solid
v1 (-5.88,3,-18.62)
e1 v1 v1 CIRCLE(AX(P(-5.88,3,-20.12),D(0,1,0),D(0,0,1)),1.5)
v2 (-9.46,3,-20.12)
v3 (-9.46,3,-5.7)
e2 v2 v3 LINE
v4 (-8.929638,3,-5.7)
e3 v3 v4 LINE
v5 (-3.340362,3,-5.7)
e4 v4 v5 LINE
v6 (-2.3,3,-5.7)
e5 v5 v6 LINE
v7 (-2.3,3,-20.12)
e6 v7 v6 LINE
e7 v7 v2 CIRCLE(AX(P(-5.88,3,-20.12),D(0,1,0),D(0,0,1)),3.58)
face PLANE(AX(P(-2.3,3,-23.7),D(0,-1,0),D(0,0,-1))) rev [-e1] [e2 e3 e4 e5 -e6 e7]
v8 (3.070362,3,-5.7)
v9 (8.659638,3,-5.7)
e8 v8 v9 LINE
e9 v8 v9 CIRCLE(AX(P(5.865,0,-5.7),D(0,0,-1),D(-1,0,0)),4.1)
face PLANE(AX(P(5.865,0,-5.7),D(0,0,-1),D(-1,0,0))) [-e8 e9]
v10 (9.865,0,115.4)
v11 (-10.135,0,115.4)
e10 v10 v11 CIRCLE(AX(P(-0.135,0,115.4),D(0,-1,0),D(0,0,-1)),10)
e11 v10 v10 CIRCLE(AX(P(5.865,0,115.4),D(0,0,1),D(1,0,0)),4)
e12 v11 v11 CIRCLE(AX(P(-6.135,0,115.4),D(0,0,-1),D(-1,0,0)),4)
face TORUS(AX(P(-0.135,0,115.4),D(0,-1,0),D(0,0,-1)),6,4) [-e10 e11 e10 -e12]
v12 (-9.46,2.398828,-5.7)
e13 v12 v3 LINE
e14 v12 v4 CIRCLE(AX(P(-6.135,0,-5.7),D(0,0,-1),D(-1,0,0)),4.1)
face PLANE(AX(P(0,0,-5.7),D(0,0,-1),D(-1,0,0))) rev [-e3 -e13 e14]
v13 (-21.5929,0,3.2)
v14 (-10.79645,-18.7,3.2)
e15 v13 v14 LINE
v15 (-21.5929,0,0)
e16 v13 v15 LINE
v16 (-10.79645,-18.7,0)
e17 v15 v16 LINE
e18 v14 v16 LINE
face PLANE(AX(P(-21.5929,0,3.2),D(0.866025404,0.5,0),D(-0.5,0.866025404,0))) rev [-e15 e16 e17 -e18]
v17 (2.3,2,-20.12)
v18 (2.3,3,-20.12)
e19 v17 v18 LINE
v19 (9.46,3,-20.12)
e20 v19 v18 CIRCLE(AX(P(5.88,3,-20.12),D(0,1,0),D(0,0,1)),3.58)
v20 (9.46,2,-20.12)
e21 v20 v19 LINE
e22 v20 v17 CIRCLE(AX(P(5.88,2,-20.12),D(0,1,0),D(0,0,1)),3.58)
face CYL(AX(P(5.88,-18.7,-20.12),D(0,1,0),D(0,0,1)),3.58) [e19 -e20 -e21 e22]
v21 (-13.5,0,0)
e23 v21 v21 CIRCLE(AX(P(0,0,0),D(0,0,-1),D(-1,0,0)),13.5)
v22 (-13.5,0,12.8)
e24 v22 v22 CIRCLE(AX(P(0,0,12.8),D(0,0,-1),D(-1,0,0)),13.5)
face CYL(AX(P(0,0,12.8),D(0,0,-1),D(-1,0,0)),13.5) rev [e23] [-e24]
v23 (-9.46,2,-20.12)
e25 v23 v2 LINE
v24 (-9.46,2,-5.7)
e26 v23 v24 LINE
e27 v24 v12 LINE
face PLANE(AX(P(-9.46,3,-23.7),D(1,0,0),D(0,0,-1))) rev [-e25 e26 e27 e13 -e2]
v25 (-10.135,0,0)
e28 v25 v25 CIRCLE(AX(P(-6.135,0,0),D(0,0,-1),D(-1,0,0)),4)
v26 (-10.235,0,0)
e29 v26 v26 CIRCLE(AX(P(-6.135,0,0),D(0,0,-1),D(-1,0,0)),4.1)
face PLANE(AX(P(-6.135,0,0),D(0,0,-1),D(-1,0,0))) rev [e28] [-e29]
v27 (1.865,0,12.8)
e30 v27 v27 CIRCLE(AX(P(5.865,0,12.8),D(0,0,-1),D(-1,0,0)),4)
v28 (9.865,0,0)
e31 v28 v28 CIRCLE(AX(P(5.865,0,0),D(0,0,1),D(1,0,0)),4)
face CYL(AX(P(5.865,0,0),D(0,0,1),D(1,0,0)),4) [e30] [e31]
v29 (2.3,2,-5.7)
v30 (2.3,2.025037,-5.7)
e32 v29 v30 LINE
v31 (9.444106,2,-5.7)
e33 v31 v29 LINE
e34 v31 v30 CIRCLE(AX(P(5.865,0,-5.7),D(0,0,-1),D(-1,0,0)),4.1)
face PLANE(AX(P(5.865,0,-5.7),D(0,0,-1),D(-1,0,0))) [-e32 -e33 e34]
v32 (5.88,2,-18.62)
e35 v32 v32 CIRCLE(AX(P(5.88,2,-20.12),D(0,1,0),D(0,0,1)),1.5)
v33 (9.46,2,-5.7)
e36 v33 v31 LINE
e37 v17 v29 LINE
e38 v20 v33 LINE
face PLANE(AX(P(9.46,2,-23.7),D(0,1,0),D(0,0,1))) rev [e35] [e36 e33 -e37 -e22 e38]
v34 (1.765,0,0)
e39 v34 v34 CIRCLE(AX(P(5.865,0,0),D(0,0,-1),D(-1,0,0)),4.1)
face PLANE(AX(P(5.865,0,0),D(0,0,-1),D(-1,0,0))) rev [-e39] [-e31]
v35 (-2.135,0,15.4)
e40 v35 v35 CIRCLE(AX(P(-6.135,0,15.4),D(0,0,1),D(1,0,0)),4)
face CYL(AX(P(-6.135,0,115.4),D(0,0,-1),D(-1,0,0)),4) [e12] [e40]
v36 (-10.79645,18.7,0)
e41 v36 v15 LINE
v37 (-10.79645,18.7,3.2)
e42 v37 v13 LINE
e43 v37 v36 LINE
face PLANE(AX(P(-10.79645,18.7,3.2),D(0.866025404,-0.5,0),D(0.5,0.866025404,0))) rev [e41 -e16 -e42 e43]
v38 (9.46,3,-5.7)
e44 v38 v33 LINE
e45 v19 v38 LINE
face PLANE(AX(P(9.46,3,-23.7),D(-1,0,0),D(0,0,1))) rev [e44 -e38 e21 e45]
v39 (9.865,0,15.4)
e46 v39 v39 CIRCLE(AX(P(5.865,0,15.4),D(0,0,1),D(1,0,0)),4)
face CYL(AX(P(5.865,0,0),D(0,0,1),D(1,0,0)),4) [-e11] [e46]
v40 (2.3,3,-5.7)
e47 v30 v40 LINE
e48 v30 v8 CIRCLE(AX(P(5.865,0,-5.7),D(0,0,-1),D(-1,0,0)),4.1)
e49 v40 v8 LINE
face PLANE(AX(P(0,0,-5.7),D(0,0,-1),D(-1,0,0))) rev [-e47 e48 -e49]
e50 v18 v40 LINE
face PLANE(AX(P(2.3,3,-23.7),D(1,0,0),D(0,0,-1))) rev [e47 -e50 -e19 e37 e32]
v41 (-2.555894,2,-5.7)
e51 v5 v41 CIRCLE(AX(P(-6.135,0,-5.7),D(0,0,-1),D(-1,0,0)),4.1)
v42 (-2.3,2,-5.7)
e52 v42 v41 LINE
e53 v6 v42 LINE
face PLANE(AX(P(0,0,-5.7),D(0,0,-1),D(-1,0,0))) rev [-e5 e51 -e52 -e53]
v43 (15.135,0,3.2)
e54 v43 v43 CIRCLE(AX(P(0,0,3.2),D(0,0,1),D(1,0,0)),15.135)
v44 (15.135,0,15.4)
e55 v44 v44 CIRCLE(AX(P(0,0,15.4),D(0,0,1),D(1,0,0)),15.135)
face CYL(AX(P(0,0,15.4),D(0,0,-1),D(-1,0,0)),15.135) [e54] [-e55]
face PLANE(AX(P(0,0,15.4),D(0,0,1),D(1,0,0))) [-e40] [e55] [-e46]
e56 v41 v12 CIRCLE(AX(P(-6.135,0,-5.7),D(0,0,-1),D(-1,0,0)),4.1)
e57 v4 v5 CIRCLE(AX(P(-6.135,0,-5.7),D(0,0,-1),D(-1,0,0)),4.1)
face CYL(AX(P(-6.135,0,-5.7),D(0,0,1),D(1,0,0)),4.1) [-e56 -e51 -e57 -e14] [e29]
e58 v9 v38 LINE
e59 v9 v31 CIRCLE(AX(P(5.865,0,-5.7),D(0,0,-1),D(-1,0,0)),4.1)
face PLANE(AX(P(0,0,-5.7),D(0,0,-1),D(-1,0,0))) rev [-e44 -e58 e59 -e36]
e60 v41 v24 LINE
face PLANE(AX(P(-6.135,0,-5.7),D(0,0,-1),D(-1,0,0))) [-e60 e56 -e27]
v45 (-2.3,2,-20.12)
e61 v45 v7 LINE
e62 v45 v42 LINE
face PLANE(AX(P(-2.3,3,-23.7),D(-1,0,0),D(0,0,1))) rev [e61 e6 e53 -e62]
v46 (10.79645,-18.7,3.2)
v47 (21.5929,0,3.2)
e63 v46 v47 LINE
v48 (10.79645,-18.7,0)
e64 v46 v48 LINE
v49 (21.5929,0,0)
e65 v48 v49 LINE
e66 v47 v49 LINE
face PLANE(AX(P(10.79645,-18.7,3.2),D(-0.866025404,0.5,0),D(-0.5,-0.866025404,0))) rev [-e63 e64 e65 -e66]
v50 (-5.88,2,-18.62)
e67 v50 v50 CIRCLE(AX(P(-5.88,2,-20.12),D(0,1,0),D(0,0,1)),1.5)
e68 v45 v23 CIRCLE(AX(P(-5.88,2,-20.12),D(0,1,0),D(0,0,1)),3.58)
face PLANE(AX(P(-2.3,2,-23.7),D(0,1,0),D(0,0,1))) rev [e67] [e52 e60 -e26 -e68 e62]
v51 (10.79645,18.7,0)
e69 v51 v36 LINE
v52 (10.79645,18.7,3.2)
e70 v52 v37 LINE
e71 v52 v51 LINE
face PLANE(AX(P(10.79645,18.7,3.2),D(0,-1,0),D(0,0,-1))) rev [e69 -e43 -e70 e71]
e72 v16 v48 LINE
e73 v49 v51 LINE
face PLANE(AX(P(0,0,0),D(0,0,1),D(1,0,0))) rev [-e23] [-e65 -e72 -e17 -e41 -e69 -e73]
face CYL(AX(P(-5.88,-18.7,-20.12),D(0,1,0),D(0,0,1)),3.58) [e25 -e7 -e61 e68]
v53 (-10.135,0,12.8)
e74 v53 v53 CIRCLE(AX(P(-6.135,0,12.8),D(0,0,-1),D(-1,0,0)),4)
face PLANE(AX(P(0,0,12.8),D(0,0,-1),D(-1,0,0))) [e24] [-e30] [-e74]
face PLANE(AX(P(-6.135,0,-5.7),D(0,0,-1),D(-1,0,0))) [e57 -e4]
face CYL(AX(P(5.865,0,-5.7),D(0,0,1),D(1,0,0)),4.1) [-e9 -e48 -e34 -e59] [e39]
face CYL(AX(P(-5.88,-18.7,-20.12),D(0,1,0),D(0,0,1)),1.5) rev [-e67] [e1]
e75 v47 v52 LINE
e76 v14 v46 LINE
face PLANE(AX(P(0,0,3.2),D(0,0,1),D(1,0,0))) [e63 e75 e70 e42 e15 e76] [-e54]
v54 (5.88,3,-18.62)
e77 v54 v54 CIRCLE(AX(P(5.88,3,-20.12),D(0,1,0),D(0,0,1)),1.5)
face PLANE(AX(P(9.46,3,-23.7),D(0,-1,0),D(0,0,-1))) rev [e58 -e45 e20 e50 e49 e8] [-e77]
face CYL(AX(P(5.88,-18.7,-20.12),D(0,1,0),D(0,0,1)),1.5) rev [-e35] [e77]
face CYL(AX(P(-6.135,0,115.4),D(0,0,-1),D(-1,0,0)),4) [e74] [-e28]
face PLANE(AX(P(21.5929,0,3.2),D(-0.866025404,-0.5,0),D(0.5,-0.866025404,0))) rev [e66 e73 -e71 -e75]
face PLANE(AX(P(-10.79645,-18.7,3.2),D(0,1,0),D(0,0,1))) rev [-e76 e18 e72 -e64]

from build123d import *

# Parameters (mm, degrees)
BOSS_EXTRUDE1_DEPTH = 3.2
SKETCH2_R           = 15.135
BOSS_EXTRUDE2_DEPTH = 12.2
SKETCH3_R           = 13.5
CUT_EXTRUDE1_DEPTH  = 12.8
SWEEP1_PROFILE_R    = 4
SKETCH29_R          = 4.1
BOSS_EXTRUDE4_DEPTH = 5.7
SKETCH33_W          = 7.16
SKETCH33_H          = 1
BOSS_EXTRUDE5_DEPTH = 18
SKETCH34_R          = 1.5
CUT_EXTRUDE2_DEPTH  = 22.7


with BuildPart() as part:
    # Sketch1 → Boss-Extrude1 (new body)
    with BuildSketch(Plane.XY):
        Polygon((10.796450034, -18.7), (21.592900068, 0), (10.796450034, 18.7), (-10.796450034, 18.7), (-21.592900068, 0), (-10.796450034, -18.7), align=None)
    extrude(amount=BOSS_EXTRUDE1_DEPTH)

    # Sketch2 → Boss-Extrude2 (add)
    with BuildSketch(Plane.XY.offset(3.2)):
        Circle(SKETCH2_R)
    extrude(amount=BOSS_EXTRUDE2_DEPTH)

    # Sketch3 → Cut-Extrude1 (cut)
    with BuildSketch(Plane(origin=(0, 0, 0), x_dir=(-1, 0, 0), z_dir=(0, 0, -1))):
        Circle(SKETCH3_R)
    extrude(amount=-CUT_EXTRUDE1_DEPTH, mode=Mode.SUBTRACT)

    # Sweep1: sweep along a path in Sketch4
    with BuildLine(Plane(origin=(0, 0, 0), x_dir=(1, 0, 0), z_dir=(0, 1, 0))) as sweep1_path:
        Line((-6.135, 0), (-6.135, -115.4))
        ThreePointArc((-6.135, -115.4), (-0.135, -121.4), (5.865, -115.4))
        Line((5.865, -115.4), (5.865, 0))
    # Sweep1 profile (on start of the path) → Sweep1 (sweep)
    with BuildSketch(Plane(origin=(-6.135, 0, 0), x_dir=(1, 0, 0), z_dir=(0, 0, 1))):
        Circle(SWEEP1_PROFILE_R)
    sweep(path=sweep1_path.line)

    # Sketch29 → Boss-Extrude4 (add)
    with BuildSketch(Plane(origin=(0, 0, 0), x_dir=(-1, 0, 0), z_dir=(0, 0, -1))):
        with Locations((-5.865, 0)):
            Circle(SKETCH29_R)
        with Locations((6.135, 0)):
            Circle(SKETCH29_R)
    extrude(amount=BOSS_EXTRUDE4_DEPTH)

    # Sketch33 → Boss-Extrude5 (add)
    with BuildSketch(Plane(origin=(0, 0, -5.7), x_dir=(-1, 0, 0), z_dir=(0, 0, -1))):
        with Locations((-5.88, 2.5)):
            Rectangle(SKETCH33_W, SKETCH33_H)
        with Locations((5.88, 2.5)):
            Rectangle(SKETCH33_W, SKETCH33_H)
    extrude(amount=BOSS_EXTRUDE5_DEPTH)

    # Sketch34 → Cut-Extrude2 (cut, through all)
    with BuildSketch(Plane(origin=(0, 3, 0), x_dir=(1, 0, 0), z_dir=(0, 1, 0))):
        with BuildLine():
            ThreePointArc((-9.46, 20.12), (-8.411442277, 22.651442277), (-5.88, 23.7))
            Line((-5.88, 23.7), (-9.46, 23.7))
            Line((-9.46, 23.7), (-9.46, 20.12))
        make_face()
        with BuildLine():
            ThreePointArc((-5.88, 23.7), (-3.348557723, 22.651442277), (-2.3, 20.12))
            Line((-2.3, 20.12), (-2.3, 23.7))
            Line((-2.3, 23.7), (-5.88, 23.7))
        make_face()
        with BuildLine():
            ThreePointArc((2.3, 20.12), (3.348557723, 22.651442277), (5.88, 23.7))
            Line((5.88, 23.7), (2.3, 23.7))
            Line((2.3, 23.7), (2.3, 20.12))
        make_face()
        with BuildLine():
            ThreePointArc((5.88, 23.7), (8.411442277, 22.651442277), (9.46, 20.12))
            Line((9.46, 20.12), (9.46, 23.7))
            Line((9.46, 23.7), (5.88, 23.7))
        make_face()
        with Locations((-5.88, 20.12)):
            Circle(SKETCH34_R)
        with Locations((5.88, 20.12)):
            Circle(SKETCH34_R)
    extrude(amount=-CUT_EXTRUDE2_DEPTH, mode=Mode.SUBTRACT)


solid = part.part
